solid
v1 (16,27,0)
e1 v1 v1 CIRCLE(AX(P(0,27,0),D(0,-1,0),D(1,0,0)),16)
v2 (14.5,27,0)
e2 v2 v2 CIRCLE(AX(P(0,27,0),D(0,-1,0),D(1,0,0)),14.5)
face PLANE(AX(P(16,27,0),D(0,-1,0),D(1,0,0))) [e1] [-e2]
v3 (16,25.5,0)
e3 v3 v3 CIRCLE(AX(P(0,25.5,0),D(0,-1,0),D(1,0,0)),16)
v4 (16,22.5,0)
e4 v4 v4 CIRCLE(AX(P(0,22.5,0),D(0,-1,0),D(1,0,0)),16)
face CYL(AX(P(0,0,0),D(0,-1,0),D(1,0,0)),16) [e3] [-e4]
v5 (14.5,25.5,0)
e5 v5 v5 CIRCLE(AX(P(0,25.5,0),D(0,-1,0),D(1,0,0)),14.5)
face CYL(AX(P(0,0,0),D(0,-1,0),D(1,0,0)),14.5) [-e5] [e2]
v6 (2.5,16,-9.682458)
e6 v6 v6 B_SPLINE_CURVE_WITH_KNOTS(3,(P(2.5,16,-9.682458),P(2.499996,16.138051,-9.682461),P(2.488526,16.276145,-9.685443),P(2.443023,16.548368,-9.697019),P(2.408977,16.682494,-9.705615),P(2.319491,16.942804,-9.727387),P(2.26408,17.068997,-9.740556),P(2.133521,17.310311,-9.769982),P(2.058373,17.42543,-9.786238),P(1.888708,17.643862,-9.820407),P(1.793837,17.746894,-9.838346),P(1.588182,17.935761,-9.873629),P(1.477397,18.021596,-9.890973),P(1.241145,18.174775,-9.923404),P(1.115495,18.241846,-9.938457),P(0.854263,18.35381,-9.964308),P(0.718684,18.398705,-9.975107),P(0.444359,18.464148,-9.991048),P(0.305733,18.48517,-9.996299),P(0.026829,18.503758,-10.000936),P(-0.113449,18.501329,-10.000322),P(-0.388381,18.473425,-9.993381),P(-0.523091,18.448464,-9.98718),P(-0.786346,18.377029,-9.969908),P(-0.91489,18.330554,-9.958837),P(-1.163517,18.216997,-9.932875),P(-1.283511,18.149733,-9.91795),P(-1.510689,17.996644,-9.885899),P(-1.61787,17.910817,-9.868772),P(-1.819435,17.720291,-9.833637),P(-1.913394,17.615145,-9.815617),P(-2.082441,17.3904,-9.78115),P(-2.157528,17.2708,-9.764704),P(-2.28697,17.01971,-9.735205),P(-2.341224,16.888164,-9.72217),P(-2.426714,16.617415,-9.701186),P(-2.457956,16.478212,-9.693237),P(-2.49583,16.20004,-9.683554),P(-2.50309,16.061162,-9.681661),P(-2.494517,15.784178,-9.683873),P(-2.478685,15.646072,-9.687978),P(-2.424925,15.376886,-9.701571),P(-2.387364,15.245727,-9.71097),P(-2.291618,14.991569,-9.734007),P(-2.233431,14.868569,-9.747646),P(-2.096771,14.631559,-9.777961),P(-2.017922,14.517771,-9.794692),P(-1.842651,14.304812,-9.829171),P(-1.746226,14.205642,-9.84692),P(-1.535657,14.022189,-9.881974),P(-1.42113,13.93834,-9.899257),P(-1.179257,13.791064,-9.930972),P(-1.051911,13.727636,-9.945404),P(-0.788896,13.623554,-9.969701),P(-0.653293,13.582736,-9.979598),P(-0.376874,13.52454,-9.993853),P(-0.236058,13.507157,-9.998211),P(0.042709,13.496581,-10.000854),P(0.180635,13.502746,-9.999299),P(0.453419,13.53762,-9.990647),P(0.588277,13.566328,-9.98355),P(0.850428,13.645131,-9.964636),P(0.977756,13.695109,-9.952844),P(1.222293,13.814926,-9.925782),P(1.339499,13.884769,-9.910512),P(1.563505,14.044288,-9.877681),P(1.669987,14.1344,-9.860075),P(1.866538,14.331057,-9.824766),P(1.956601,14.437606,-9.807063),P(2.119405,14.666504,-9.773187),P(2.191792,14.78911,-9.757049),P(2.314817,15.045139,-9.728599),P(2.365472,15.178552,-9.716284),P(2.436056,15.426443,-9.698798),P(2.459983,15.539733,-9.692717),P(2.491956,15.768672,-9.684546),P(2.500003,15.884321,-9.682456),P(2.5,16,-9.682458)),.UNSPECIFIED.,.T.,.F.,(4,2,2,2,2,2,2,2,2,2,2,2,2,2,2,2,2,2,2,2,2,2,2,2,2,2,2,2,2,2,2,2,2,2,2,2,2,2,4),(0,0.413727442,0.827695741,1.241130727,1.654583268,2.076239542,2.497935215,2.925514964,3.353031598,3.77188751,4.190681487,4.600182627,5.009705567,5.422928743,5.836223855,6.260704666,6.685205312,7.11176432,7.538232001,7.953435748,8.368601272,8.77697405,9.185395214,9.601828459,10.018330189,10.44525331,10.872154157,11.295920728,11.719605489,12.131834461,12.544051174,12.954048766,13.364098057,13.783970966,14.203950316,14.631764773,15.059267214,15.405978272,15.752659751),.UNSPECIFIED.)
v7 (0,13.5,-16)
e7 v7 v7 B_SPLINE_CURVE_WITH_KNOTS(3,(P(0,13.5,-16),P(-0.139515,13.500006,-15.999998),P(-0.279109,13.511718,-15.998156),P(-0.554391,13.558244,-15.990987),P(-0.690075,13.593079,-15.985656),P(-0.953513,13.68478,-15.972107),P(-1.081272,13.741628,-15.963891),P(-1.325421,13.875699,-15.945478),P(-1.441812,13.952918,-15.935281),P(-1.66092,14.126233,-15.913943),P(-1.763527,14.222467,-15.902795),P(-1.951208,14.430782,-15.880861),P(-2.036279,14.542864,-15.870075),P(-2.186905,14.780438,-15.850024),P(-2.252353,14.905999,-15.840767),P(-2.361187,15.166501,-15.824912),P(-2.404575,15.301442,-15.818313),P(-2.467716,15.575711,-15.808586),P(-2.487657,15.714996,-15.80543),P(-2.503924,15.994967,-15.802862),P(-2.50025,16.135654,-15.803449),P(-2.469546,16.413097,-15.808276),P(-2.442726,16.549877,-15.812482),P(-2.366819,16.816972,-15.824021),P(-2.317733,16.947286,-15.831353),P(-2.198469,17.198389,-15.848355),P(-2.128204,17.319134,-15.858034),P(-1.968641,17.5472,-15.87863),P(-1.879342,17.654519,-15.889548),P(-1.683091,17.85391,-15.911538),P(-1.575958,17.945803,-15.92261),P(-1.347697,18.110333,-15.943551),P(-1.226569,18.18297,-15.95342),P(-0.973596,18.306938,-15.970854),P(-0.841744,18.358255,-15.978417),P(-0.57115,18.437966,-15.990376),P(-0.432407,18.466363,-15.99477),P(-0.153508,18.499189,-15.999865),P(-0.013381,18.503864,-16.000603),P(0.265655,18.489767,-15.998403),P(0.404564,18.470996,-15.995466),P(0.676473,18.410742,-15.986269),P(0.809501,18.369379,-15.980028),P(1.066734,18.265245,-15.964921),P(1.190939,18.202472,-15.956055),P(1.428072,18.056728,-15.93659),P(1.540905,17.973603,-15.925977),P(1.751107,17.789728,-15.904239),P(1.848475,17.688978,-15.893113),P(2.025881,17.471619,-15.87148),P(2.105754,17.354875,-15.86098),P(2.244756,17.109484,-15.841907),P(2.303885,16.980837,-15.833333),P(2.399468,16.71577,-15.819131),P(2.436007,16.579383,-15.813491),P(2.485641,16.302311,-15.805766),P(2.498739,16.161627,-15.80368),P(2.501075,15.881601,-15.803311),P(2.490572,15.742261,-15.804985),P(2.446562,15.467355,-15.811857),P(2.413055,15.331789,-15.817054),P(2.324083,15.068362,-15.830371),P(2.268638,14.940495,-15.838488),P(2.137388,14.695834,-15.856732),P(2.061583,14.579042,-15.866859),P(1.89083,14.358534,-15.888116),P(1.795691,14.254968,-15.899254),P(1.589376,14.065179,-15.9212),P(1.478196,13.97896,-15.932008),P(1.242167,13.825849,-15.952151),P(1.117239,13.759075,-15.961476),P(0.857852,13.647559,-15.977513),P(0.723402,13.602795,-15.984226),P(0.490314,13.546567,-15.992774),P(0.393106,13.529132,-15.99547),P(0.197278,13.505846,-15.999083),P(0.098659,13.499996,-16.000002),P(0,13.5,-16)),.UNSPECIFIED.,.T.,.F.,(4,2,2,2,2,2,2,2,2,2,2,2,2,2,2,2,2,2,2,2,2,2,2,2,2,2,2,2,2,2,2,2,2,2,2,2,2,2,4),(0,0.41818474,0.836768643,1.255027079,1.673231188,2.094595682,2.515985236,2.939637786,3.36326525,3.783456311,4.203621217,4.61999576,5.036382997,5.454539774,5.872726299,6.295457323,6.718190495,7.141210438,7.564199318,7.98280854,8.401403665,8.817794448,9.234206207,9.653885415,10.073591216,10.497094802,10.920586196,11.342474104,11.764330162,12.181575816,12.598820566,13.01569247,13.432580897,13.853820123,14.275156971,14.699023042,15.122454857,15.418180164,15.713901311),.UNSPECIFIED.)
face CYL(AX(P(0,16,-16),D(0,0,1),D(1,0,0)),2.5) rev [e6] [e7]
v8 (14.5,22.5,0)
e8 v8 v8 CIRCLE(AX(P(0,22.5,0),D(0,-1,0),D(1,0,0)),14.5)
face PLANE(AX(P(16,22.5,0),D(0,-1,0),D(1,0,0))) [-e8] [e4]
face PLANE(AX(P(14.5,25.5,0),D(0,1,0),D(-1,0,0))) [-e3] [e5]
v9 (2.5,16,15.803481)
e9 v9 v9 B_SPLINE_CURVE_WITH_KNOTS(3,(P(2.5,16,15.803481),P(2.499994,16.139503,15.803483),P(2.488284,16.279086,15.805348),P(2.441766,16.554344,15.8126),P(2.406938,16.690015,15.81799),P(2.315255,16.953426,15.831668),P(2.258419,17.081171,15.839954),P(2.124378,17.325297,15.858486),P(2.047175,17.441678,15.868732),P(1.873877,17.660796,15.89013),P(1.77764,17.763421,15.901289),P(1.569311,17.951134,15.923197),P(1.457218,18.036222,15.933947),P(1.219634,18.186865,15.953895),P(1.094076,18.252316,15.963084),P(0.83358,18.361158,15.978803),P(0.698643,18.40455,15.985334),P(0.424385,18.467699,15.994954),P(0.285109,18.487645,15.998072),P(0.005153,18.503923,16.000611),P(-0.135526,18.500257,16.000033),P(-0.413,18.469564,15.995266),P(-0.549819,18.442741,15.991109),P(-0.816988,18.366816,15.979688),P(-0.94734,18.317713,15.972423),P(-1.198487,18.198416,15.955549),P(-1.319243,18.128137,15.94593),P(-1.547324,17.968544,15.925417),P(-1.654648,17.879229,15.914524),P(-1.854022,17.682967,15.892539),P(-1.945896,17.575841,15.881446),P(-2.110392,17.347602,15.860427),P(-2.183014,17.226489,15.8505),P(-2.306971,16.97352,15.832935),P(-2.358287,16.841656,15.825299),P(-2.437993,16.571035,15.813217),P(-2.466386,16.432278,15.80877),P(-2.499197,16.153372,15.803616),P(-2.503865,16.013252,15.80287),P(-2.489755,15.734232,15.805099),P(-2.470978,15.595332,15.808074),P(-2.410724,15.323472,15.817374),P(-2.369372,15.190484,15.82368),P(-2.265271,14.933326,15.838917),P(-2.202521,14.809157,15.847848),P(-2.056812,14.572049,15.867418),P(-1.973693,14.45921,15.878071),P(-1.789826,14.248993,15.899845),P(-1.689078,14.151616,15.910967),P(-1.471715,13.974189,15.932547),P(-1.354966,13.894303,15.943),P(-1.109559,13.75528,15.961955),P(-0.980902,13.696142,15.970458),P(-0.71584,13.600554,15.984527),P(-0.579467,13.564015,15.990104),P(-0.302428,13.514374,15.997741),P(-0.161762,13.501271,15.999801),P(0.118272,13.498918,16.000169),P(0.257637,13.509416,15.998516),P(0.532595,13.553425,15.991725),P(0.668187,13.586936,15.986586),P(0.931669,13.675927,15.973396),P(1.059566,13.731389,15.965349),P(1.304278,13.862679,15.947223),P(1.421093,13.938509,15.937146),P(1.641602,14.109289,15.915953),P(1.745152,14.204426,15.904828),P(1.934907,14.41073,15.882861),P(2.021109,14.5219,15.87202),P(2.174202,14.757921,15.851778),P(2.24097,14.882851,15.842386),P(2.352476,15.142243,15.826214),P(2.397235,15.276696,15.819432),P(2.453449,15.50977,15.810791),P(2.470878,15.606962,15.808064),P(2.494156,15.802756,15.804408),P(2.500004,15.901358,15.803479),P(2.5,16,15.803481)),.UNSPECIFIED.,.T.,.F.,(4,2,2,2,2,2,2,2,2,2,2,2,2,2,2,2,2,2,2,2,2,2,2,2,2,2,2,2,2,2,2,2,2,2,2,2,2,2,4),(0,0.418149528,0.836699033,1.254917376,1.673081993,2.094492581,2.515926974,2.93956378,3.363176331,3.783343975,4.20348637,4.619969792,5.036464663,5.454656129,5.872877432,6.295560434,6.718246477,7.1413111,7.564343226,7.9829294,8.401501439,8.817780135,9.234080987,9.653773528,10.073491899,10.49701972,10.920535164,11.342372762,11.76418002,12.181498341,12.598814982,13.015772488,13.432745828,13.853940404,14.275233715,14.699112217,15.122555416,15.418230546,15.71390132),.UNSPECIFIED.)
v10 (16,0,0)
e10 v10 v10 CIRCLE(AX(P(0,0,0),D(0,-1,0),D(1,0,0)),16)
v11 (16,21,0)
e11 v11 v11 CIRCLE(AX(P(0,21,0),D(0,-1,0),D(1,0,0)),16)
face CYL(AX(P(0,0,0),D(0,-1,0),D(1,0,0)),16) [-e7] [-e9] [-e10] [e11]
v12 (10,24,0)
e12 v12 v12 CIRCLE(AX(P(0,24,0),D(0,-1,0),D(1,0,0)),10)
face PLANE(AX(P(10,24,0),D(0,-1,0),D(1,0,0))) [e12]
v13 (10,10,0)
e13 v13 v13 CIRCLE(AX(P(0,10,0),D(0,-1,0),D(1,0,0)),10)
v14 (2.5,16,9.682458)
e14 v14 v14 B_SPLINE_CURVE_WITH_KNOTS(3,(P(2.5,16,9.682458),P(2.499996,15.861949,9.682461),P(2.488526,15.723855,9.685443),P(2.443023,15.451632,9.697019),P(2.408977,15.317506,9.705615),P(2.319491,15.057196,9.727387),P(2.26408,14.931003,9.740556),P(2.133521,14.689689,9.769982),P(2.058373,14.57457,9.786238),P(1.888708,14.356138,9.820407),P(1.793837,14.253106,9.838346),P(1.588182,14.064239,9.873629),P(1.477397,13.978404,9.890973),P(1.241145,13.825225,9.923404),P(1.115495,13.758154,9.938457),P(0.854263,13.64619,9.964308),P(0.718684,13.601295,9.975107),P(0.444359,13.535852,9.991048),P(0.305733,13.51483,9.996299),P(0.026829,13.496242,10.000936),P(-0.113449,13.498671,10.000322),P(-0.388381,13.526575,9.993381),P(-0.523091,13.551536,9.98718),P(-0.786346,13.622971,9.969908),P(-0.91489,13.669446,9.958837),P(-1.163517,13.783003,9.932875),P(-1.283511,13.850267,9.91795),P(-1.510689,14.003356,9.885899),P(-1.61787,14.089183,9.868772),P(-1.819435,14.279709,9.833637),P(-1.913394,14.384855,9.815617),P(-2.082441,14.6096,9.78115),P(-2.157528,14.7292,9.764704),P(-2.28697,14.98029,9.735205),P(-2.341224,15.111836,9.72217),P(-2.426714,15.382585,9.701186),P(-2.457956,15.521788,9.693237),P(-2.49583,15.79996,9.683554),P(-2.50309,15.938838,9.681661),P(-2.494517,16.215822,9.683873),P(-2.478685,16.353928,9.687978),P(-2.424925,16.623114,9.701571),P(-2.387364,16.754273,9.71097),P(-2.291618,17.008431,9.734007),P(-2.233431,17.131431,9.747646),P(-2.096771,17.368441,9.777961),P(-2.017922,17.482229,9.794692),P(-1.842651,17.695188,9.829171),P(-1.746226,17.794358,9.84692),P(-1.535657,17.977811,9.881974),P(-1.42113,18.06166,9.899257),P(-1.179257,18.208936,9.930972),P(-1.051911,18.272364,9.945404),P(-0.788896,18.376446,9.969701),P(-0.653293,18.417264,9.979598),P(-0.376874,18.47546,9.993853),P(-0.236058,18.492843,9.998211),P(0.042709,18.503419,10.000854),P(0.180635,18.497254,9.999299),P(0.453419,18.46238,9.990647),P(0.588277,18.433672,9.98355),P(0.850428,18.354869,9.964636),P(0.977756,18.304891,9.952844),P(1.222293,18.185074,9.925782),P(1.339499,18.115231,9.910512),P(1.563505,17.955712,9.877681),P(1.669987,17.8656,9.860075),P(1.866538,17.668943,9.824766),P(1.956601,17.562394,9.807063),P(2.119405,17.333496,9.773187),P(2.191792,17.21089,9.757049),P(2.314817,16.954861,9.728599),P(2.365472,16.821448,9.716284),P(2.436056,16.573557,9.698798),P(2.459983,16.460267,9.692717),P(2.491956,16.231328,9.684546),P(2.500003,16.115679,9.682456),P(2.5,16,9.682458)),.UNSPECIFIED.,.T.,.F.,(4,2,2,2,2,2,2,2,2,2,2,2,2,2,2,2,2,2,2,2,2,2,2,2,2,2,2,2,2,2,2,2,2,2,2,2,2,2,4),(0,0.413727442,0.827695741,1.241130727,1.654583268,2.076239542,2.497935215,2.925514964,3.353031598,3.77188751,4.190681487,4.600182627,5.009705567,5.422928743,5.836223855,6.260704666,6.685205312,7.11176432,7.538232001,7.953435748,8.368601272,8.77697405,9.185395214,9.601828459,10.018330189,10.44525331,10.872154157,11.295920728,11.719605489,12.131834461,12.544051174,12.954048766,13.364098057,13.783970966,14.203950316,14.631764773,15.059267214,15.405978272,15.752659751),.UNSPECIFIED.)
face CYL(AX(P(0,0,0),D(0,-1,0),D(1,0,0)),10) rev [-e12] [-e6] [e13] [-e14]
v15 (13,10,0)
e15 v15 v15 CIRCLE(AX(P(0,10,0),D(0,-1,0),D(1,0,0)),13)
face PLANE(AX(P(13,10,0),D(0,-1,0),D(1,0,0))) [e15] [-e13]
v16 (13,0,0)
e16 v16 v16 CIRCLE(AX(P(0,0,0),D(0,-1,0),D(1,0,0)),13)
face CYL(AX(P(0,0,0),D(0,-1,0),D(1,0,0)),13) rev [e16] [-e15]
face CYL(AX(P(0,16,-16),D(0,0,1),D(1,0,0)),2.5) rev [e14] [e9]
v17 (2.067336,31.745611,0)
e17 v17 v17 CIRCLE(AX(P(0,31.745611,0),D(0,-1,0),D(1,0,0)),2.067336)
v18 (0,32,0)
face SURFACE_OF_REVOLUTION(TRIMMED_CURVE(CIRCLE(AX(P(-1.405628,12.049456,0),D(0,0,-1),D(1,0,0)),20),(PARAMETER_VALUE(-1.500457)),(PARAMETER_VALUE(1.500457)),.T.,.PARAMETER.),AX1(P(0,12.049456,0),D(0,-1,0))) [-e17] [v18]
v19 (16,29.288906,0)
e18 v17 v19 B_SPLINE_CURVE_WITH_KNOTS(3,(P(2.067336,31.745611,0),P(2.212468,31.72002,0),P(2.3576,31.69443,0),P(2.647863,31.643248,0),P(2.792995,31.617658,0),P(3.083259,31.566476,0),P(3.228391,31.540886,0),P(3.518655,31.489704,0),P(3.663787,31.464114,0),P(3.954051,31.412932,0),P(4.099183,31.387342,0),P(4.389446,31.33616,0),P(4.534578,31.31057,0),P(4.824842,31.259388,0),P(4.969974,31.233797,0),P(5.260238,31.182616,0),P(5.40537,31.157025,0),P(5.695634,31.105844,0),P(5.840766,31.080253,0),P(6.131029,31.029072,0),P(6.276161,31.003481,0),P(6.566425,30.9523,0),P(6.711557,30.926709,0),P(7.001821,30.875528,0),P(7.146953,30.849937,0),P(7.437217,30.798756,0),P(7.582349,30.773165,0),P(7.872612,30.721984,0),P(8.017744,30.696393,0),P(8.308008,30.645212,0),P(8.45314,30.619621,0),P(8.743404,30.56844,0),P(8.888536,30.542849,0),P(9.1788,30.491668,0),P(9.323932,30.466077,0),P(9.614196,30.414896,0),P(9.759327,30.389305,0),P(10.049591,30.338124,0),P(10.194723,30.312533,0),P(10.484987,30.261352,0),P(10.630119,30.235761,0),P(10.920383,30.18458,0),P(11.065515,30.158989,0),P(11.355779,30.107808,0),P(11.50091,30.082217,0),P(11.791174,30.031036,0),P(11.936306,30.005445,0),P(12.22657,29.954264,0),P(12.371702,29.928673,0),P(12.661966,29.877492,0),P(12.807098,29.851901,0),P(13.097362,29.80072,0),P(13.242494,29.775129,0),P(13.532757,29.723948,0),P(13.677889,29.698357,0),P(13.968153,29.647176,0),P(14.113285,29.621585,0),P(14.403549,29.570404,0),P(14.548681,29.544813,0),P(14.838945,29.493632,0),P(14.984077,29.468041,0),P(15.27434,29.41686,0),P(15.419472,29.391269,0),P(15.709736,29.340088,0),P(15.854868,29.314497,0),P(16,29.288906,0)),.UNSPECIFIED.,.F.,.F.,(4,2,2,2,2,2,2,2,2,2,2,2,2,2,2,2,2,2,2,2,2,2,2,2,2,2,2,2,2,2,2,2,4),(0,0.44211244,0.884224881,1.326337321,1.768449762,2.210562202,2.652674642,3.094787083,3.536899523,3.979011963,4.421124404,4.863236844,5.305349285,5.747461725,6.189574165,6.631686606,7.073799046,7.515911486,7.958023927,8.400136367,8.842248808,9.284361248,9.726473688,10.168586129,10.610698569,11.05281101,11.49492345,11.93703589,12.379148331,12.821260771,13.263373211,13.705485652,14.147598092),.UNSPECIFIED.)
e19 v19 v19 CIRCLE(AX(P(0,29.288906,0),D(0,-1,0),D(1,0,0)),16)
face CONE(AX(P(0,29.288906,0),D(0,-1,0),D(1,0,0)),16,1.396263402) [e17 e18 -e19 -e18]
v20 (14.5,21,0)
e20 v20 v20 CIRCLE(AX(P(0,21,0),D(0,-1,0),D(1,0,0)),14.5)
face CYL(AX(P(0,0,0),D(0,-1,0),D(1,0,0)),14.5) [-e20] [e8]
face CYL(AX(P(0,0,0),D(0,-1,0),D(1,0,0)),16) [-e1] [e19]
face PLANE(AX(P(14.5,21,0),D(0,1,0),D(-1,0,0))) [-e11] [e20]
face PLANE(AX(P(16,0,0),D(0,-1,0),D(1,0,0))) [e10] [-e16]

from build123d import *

# Parameters (mm, degrees)
CUT_EXTRUDE1_DEPTH      = 40.191835966
CUT_EXTRUDE1_DEPTH_BACK = 40.191835966
SKETCH3_R               = 2.5


with BuildPart() as part:
    # Sketch2 → Revolve1 (revolve)
    with BuildSketch(Plane.XY):
        with BuildLine():
            Line((16, 27), (14.5, 27))
            Line((14.5, 27), (14.5, 25.5))
            Line((14.5, 25.5), (16, 25.5))
            Line((16, 25.5), (16, 22.5))
            Line((16, 22.5), (14.5, 22.5))
            Line((14.5, 22.5), (14.5, 21))
            Line((14.5, 21), (16, 21))
            Line((16, 21), (16, 0))
            Line((16, 0), (13, 0))
            Line((13, 0), (13, 10))
            Line((13, 10), (10, 10))
            Line((10, 10), (10, 24))
            Line((10, 24), (0, 24))
            Line((0, 24), (0, 32))
            ThreePointArc((0, 32), (1.036981818, 31.899736945), (2.067335712, 31.745610948))
            Line((2.067335712, 31.745610948), (16, 29.288906321))
            Line((16, 29.288906321), (16, 27))
        make_face()
    revolve(axis=Axis((0, 0, 0), (0, 1, 0)))

    # Sketch3 → Cut-Extrude1 (cut, two sides: drawn at the far end of the back side and taken through both)
    with BuildSketch(Plane.XY.offset(-CUT_EXTRUDE1_DEPTH_BACK)):
        with Locations((0, 16)):
            Circle(SKETCH3_R)
    extrude(amount=CUT_EXTRUDE1_DEPTH + CUT_EXTRUDE1_DEPTH_BACK, mode=Mode.SUBTRACT)


solid = part.part
